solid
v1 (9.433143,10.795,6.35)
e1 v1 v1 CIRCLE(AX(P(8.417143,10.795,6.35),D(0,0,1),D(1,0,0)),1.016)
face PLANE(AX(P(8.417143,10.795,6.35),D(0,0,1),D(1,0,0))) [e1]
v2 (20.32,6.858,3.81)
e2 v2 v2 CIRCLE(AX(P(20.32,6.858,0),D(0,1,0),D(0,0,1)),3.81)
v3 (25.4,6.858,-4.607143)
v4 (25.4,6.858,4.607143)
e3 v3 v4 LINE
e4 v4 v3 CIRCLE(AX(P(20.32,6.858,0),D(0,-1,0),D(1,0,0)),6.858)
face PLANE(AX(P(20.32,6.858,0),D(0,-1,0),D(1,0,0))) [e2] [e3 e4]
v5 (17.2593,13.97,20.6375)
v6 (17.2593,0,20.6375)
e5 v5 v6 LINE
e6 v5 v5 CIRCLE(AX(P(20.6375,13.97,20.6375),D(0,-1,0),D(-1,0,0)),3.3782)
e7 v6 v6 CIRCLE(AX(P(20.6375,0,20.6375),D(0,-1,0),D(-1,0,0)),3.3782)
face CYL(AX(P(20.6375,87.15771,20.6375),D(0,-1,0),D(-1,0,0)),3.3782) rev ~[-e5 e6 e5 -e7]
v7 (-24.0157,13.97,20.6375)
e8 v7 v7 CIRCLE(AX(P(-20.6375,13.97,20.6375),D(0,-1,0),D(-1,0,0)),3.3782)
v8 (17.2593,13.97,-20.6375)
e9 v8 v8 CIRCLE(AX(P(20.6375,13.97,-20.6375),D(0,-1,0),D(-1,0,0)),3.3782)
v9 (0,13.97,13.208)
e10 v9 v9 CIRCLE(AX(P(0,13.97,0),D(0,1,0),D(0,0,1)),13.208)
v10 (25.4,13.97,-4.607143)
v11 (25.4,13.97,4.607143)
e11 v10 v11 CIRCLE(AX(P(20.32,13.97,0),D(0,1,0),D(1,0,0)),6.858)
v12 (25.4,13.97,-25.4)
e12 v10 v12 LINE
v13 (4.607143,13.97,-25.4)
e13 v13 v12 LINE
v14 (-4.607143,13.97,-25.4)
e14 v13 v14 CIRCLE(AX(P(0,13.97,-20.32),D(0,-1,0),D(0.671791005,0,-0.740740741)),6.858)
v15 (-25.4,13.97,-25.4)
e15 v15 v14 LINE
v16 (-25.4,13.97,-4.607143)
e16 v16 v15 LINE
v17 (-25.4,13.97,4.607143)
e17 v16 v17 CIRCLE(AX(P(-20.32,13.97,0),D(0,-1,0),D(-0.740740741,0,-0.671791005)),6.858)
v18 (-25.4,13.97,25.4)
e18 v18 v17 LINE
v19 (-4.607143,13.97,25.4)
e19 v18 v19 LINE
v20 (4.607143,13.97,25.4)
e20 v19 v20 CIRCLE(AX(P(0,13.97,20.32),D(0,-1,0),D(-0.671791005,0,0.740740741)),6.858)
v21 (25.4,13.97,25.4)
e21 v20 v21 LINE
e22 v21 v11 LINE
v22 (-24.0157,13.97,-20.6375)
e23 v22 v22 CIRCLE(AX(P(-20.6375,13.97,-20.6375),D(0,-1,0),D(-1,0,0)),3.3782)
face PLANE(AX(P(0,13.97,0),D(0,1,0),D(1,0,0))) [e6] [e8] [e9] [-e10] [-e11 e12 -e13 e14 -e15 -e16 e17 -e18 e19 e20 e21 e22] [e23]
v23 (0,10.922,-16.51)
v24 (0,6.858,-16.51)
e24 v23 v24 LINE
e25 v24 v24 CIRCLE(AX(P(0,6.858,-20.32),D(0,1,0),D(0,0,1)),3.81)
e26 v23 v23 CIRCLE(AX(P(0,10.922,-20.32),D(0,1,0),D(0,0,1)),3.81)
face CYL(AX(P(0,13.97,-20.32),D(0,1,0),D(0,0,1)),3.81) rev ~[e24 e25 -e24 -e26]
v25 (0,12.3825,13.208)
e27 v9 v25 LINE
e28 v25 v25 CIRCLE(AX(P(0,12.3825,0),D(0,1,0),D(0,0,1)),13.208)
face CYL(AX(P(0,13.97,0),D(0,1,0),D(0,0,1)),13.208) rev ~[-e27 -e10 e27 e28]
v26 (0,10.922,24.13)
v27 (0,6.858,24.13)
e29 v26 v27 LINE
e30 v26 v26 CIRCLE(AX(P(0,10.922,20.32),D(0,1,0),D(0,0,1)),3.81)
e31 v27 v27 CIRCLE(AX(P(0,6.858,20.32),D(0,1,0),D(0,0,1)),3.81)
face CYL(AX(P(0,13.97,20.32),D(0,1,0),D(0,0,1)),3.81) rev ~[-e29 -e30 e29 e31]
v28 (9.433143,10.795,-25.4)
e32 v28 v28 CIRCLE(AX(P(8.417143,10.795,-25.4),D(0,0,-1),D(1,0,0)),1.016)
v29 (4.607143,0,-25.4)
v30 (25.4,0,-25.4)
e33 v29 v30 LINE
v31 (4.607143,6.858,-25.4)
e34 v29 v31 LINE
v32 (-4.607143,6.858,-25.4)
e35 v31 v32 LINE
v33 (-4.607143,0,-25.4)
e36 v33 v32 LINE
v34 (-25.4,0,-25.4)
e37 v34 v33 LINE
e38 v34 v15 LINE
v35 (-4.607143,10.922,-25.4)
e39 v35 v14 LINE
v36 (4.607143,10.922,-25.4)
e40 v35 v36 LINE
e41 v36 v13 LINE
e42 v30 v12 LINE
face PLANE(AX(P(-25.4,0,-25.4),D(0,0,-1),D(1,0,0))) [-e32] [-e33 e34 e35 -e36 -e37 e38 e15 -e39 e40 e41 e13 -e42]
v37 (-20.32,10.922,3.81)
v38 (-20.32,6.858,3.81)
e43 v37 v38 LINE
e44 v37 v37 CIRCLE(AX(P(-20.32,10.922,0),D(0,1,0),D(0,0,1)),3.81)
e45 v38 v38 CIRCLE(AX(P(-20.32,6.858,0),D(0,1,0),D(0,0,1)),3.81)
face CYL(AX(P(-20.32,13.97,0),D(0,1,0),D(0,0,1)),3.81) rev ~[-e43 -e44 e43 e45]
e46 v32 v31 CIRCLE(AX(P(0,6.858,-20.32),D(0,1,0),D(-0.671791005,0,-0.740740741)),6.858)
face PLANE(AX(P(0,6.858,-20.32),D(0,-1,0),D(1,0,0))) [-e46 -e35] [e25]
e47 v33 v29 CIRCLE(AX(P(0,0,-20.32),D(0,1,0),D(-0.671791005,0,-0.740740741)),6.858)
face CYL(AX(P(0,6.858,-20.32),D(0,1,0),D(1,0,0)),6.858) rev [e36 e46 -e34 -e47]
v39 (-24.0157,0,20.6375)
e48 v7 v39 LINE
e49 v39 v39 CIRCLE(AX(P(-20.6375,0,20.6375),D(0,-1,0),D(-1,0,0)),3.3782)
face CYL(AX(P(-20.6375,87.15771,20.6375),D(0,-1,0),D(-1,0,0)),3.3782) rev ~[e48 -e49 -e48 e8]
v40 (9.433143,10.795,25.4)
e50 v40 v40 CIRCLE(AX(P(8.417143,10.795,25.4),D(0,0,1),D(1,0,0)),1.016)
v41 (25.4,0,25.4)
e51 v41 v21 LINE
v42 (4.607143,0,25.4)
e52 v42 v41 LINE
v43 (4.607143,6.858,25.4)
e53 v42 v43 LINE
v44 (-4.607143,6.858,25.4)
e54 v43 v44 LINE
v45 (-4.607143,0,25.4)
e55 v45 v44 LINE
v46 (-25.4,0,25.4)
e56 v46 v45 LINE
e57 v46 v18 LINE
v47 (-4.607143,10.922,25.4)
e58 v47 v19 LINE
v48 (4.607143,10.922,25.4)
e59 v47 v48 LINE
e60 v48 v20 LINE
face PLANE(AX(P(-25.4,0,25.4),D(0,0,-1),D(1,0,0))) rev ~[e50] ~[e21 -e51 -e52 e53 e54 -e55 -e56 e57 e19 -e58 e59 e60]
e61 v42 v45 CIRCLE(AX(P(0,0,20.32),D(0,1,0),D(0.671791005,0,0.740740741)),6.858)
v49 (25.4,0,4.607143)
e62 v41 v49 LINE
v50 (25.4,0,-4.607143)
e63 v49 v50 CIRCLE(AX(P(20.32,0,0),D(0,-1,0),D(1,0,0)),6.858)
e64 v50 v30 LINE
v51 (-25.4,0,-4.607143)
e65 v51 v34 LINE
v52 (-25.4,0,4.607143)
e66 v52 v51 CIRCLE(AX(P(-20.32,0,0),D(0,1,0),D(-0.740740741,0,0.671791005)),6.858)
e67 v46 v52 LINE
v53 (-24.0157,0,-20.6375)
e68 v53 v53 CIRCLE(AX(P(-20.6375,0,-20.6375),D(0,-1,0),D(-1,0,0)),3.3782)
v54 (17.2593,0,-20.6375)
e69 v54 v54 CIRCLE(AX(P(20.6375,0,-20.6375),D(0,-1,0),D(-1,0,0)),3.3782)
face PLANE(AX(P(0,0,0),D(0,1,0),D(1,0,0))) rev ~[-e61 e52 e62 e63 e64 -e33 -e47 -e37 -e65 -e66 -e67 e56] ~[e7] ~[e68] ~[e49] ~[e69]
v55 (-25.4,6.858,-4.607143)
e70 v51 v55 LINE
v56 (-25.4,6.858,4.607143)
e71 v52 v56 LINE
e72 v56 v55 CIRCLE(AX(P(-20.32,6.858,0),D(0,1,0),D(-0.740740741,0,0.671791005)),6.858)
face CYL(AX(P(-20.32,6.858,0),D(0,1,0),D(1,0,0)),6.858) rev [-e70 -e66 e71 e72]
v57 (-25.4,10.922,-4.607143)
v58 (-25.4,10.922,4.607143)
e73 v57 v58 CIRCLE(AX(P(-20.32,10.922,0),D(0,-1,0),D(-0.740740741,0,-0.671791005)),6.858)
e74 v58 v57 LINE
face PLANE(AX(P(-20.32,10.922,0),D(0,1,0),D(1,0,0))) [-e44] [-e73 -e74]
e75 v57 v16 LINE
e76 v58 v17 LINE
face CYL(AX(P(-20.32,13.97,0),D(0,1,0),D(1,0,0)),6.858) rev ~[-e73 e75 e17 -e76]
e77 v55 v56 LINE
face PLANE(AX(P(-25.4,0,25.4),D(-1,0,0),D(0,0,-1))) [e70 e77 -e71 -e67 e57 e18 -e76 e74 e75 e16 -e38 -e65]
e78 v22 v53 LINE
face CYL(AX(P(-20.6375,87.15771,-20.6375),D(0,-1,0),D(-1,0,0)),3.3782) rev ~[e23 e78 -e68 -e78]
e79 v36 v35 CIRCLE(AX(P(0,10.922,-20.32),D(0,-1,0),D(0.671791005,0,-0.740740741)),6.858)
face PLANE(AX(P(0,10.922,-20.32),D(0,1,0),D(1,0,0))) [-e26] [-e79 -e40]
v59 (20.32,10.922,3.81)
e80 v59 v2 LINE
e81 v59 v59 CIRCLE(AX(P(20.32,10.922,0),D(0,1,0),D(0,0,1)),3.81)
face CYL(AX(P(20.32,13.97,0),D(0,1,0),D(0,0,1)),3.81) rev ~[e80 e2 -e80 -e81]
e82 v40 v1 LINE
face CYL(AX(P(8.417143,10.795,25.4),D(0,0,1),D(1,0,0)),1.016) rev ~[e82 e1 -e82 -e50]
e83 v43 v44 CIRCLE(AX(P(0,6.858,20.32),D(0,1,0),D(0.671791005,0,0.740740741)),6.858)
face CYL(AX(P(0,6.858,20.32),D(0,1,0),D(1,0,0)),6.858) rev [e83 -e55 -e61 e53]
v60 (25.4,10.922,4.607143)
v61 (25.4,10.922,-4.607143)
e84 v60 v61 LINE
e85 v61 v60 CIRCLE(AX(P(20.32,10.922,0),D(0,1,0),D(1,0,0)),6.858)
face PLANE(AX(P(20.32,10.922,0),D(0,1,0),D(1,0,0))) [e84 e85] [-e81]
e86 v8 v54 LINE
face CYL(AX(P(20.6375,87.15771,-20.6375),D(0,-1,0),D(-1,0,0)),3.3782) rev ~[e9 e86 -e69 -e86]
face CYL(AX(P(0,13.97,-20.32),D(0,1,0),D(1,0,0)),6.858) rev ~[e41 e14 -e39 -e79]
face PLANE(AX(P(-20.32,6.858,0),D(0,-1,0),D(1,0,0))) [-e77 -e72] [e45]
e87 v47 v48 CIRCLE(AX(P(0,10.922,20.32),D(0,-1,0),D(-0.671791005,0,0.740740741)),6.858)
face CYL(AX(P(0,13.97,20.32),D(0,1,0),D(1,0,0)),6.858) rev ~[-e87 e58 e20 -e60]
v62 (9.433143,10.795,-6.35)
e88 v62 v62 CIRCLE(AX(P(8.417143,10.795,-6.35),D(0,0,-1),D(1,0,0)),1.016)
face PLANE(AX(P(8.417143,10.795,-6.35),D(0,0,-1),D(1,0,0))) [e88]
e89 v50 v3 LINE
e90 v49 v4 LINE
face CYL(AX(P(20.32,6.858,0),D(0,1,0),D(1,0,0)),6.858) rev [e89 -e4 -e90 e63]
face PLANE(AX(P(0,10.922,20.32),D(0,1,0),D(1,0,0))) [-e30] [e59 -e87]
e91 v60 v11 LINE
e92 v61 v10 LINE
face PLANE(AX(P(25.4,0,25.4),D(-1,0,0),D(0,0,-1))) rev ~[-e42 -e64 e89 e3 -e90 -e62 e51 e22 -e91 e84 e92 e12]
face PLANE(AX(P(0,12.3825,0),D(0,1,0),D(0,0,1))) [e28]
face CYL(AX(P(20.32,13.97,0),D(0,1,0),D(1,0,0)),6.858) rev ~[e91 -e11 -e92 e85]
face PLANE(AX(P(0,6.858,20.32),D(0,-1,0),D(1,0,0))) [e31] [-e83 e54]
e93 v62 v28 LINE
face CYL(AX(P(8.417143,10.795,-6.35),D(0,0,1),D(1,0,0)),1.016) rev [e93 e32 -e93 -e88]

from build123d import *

# Parameters (mm, degrees)
SKETCH1_W               = 50.8
SKETCH1_H               = 50.8
BOSS_EXTRUDE1_DEPTH     = 13.97
F_1_4_CLEARANCE_HOLE1_D = 6.7564
SKETCH5_R               = 13.208
CUT_EXTRUDE1_DEPTH      = 1.5875
SKETCH6_R               = 3.81
CUT_EXTRUDE2_DEPTH      = 39.5419369
SKETCH10_R              = 6.858
CUT_EXTRUDE3_DEPTH      = 3.048
CUT_EXTRUDE4_START      = -6.858
SKETCH11_R              = 6.858
CUT_EXTRUDE4_DEPTH      = 6.858
SKETCH12_R              = 1.016
CUT_EXTRUDE5_DEPTH      = 19.05
CUT_EXTRUDE6_START      = -19.05
SKETCH13_R              = 1.016
CUT_EXTRUDE6_DEPTH      = 19.05


with BuildPart() as part:
    # Sketch1 → Boss-Extrude1 (new body)
    with BuildSketch(Plane(origin=(0, 0, 0), x_dir=(1, 0, 0), z_dir=(0, 1, 0))):
        Rectangle(SKETCH1_W, SKETCH1_H)
    extrude(amount=BOSS_EXTRUDE1_DEPTH)

    # 1/4 Clearance Hole1 (through all)
    with Locations(Plane(origin=(0, 13.97, 0), x_dir=(1, 0, 0), z_dir=(0, 1, 0))):
        with Locations((-20.6375, -20.6375), (-20.6375, 20.6375), (20.6375, 20.6375), (20.6375, -20.6375)):
            Hole(F_1_4_CLEARANCE_HOLE1_D / 2)

    # Sketch5 → Cut-Extrude1 (cut)
    with BuildSketch(Plane(origin=(0, 13.97, 0), x_dir=(1, 0, 0), z_dir=(0, 1, 0))):
        with Locations(Location((0, 0, 0), (0, 0, 270))):
            Circle(SKETCH5_R)
    extrude(amount=-CUT_EXTRUDE1_DEPTH, mode=Mode.SUBTRACT)

    # Sketch6 → Cut-Extrude2 (cut, through all)
    with BuildSketch(Plane(origin=(0, 13.97, 0), x_dir=(1, 0, 0), z_dir=(0, 1, 0))):
        with Locations(Location((0, 20.32, 0), (0, 0, 270))):
            Circle(SKETCH6_R)
        with Locations(Location((20.32, 0, 0), (0, 0, 270))):
            Circle(SKETCH6_R)
        with Locations(Location((0, -20.32, 0), (0, 0, 270))):
            Circle(SKETCH6_R)
        with Locations(Location((-20.32, 0, 0), (0, 0, 270))):
            Circle(SKETCH6_R)
    extrude(amount=-CUT_EXTRUDE2_DEPTH, mode=Mode.SUBTRACT)

    # Sketch10 → Cut-Extrude3 (cut)
    with BuildSketch(Plane(origin=(0, 13.97, 0), x_dir=(1, 0, 0), z_dir=(0, 1, 0))):
        with Locations((-20.32, 0)):
            Circle(SKETCH10_R)
        with Locations((0, 20.32)):
            Circle(SKETCH10_R)
        with Locations((20.32, 0)):
            Circle(SKETCH10_R)
        with Locations((0, -20.32)):
            Circle(SKETCH10_R)
    extrude(amount=-CUT_EXTRUDE3_DEPTH, mode=Mode.SUBTRACT)

    # Sketch11 → Cut-Extrude4 (cut)
    with BuildSketch(Plane.XZ.offset(CUT_EXTRUDE4_START)):
        with Locations((-20.32, 0)):
            Circle(SKETCH11_R)
        with Locations((0, 20.32)):
            Circle(SKETCH11_R)
        with Locations((20.32, 0)):
            Circle(SKETCH11_R)
        with Locations((0, -20.32)):
            Circle(SKETCH11_R)
    extrude(amount=CUT_EXTRUDE4_DEPTH, mode=Mode.SUBTRACT)

    # Sketch12 → Cut-Extrude5 (cut)
    with BuildSketch(Plane.XY.offset(25.4)):
        with Locations((8.417142715, 10.795)):
            Circle(SKETCH12_R)
    extrude(amount=-CUT_EXTRUDE5_DEPTH, mode=Mode.SUBTRACT)

    # Sketch13 → Cut-Extrude6 (cut)
    with BuildSketch(Plane(origin=(0, 0, -25.4), x_dir=(-1, 0, 0), z_dir=(0, 0, -1)).offset(CUT_EXTRUDE6_START)):
        with Locations(Location((-8.417142715, 10.795, 0), (0, 0, 180))):
            Circle(SKETCH13_R)
    extrude(amount=CUT_EXTRUDE6_DEPTH, mode=Mode.SUBTRACT)


solid = part.part
